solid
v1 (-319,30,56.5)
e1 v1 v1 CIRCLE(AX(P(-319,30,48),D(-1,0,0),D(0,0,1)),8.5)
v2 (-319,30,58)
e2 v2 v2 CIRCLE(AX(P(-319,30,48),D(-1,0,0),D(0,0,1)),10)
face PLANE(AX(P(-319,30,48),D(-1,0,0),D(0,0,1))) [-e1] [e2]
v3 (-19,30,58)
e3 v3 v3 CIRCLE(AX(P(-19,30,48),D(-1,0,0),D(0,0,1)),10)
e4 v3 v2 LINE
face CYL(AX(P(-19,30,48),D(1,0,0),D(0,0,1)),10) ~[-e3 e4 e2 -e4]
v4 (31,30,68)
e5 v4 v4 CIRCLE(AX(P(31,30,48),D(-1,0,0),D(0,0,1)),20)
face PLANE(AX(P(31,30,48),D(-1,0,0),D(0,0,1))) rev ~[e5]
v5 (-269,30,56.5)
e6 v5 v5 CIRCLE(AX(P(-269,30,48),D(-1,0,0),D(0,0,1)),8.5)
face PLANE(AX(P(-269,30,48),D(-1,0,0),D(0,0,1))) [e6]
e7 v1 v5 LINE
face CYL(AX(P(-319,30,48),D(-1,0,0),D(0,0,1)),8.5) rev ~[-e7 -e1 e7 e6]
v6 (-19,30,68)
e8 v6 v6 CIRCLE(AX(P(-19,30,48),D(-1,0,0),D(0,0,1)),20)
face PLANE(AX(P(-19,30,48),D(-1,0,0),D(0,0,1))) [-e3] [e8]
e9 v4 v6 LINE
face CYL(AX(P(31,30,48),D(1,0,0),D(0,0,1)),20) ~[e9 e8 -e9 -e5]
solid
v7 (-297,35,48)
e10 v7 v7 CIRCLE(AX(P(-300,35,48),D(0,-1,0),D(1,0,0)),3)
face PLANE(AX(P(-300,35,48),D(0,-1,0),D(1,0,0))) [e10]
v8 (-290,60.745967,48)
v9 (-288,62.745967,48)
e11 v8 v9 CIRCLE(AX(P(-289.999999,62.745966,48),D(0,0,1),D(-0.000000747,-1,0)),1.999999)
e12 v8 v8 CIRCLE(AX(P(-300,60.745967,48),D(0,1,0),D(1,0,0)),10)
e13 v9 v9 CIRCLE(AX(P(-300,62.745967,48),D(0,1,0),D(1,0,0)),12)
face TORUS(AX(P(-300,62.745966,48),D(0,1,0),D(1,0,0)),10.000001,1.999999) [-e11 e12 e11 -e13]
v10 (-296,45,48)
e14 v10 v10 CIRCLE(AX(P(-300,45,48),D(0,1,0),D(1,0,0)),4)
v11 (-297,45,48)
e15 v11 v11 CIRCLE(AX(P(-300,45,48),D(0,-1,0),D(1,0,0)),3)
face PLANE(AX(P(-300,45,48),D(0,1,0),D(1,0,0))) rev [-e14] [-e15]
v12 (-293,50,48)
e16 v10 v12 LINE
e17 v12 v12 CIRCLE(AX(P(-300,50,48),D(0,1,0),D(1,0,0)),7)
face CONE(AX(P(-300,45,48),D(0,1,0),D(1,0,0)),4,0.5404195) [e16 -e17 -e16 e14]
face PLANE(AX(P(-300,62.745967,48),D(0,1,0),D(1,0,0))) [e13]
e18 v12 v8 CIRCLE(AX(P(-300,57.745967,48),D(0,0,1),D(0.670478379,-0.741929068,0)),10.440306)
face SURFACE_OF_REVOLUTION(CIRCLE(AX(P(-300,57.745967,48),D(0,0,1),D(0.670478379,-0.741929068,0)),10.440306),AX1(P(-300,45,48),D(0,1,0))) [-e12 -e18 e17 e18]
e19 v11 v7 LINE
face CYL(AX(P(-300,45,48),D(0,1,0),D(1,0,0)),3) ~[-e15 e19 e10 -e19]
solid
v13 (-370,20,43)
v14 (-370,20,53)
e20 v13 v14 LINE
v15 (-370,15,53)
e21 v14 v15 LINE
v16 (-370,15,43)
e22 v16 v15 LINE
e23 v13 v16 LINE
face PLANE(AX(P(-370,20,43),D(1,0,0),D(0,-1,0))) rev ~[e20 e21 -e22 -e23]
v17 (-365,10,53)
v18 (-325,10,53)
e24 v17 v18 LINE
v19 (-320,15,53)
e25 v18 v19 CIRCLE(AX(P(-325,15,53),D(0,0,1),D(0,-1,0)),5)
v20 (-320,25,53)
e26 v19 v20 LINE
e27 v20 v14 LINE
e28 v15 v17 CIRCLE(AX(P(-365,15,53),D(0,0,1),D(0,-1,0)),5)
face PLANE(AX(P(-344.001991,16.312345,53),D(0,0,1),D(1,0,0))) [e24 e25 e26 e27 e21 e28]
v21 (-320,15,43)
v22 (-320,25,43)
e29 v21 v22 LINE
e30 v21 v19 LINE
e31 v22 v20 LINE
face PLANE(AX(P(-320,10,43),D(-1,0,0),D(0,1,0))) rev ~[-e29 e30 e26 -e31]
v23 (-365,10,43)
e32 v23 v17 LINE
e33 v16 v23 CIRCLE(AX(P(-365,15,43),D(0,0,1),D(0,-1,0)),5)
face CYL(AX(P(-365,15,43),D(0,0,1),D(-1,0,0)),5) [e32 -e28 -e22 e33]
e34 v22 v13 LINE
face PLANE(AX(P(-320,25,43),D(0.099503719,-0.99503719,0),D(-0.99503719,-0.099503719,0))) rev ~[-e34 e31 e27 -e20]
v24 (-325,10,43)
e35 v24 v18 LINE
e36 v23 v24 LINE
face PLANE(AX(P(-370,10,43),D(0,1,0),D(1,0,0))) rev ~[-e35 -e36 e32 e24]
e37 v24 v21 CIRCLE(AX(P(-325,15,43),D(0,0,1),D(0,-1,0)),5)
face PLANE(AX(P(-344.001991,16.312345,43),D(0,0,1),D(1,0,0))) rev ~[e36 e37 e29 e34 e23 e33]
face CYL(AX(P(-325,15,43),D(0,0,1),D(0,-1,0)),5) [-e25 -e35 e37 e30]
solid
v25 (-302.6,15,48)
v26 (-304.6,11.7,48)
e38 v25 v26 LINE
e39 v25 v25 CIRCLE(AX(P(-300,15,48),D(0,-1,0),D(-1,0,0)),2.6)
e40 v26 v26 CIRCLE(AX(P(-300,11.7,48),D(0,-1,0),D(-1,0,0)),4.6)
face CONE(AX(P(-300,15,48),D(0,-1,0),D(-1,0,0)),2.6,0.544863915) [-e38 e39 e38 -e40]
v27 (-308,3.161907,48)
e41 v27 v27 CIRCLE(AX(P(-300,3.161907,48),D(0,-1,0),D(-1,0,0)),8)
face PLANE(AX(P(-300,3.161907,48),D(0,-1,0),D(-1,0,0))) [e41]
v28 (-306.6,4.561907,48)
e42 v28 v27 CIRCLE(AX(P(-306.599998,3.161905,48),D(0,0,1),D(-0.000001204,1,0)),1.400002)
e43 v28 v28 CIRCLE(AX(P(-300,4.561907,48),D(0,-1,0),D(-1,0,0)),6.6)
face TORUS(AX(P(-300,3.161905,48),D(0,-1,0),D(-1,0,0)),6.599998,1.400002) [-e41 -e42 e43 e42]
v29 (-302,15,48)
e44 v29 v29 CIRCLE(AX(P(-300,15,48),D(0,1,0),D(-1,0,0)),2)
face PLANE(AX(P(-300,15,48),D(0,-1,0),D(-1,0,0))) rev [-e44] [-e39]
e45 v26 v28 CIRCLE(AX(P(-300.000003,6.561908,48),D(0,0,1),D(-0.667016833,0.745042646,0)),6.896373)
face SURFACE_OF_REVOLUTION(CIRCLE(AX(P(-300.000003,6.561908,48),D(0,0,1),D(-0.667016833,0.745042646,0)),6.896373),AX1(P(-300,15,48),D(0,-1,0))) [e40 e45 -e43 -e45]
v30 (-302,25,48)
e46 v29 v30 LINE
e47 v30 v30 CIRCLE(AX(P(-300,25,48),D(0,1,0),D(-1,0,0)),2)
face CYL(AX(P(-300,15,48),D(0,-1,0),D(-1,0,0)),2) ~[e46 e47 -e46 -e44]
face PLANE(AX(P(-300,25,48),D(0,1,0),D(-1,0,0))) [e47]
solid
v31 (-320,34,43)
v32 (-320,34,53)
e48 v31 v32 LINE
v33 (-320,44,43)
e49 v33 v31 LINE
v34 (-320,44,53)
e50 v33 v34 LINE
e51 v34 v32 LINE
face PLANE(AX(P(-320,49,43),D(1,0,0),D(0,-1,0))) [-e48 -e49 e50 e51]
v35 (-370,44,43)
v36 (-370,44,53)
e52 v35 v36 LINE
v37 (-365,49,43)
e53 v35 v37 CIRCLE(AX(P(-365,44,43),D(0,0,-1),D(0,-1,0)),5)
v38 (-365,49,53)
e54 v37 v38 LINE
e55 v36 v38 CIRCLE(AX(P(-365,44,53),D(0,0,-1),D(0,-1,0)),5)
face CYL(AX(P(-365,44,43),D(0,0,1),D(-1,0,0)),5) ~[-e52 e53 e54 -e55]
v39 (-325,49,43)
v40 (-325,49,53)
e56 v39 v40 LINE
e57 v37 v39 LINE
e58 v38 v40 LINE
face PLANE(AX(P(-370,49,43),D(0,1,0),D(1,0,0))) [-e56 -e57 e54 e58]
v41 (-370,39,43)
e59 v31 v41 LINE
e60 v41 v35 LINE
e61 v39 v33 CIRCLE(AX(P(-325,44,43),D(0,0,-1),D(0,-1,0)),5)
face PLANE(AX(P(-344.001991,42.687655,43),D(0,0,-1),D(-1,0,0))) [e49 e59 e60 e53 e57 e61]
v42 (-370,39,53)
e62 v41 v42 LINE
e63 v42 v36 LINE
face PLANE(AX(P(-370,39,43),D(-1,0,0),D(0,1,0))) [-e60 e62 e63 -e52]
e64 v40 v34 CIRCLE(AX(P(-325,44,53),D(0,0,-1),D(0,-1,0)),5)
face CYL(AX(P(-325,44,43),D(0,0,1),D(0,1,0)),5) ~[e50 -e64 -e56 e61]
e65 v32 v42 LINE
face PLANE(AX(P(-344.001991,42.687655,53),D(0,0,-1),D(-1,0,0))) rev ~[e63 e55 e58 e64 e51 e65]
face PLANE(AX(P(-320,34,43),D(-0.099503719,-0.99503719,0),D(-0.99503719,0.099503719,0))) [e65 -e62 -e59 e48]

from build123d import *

# Parameters (mm, degrees)
SKETCH004_R  = 3
PAD002_DEPTH = 10
SKETCH006_R  = 2
PAD003_DEPTH = 10
PAD004_DEPTH = 10
FILLET_R     = 5
FILLET001_R  = 5
PAD005_DEPTH = 10
FILLET002_R  = 5
FILLET003_R  = 5
SKETCH002_R  = 20
PAD_DEPTH    = 50
SKETCH_R     = 10
PAD001_DEPTH = 300
SKETCH009_R  = 8.5
POCKET_DEPTH = 50


with BuildPart() as ventosa_grande:
    # Sketch003 → Revolution (revolve)
    with BuildSketch(Plane(origin=(-300, 45, 48), x_dir=(1, 0, 0), z_dir=(0, 0, 1))):
        with BuildLine():
            Line((0, 0), (4, 0))
            Line((4, 0), (7, 5))
            ThreePointArc((7, 5), (10.055792, 9.938646), (10, 15.745967))
            ThreePointArc((10, 15.745967), (11.414214, 16.331753), (12, 17.745967))
            Line((12, 17.745967), (0, 17.745967))
            Line((0, 17.745967), (0, 0))
        make_face()
    revolve(axis=Axis((-300, 45, 48), (0, 1, 0)))

    # Sketch004 → Pad002 (new body)
    with BuildSketch(Plane(origin=(-300, 45, 48), x_dir=(1, 0, 0), z_dir=(0, -1, 0))):
        Circle(SKETCH004_R)
    extrude(amount=PAD002_DEPTH)


with BuildPart() as ventosa_piccola:
    # Sketch005 → Revolution001 (revolve)
    with BuildSketch(Plane(origin=(-300, 15, 48), x_dir=(-1, 0, 0), z_dir=(0, 0, 1))):
        with BuildLine():
            Line((0, 0), (2.6, 0))
            Line((2.6, 0), (4.6, 3.3))
            ThreePointArc((4.6, 3.3), (6.64064, 6.577473), (6.6, 10.438093))
            ThreePointArc((6.6, 10.438093), (7.589949, 10.848144), (8, 11.838093))
            Line((8, 11.838093), (0, 11.838093))
            Line((0, 11.838093), (0, 0))
        make_face()
    revolve(axis=Axis((-300, 15, 48), (0, -1, 0)))

    # Sketch006 → Pad003 (new body)
    with BuildSketch(Plane(origin=(-300, 15, 48), x_dir=(-1, 0, 0), z_dir=(0, 1, 0))):
        Circle(SKETCH006_R)
    extrude(amount=PAD003_DEPTH)


with BuildPart() as fillet001:
    # Sketch007 → Pad004 (new body)
    with BuildSketch(Plane(origin=(-320, 10, 43), x_dir=(1, 0, 0), z_dir=(0, 0, 1))):
        Polygon((-50, 10), (-50, 0), (0, 0), (0, 15), align=None)
    extrude(amount=PAD004_DEPTH)

    # Fillet
    fillet_edges = [fillet001.edges().sort_by_distance(p)[0] for p in [
        (-370, 10, 48),
    ]]
    fillet(fillet_edges, radius=FILLET_R)

    # Fillet001
    fillet001_edges = [fillet001.edges().sort_by_distance(p)[0] for p in [
        (-320, 10, 48),
    ]]
    fillet(fillet001_edges, radius=FILLET001_R)


with BuildPart() as fillet003:
    # Sketch008 → Pad005 (new body)
    with BuildSketch(Plane(origin=(-320, 49, 43), x_dir=(1, 0, 0), z_dir=(0, 0, 1))):
        Polygon((-50, -10), (-50, 0), (0, 0), (0, -15), align=None)
    extrude(amount=PAD005_DEPTH)

    # Fillet002
    fillet002_edges = [fillet003.edges().sort_by_distance(p)[0] for p in [
        (-370, 49, 48),
    ]]
    fillet(fillet002_edges, radius=FILLET002_R)

    # Fillet003
    fillet003_edges = [fillet003.edges().sort_by_distance(p)[0] for p in [
        (-320, 49, 48),
    ]]
    fillet(fillet003_edges, radius=FILLET003_R)


with BuildPart() as pocket:
    # Sketch002 → Pad (new body)
    with BuildSketch(Plane(origin=(31, 30, 48), x_dir=(0, 0, 1), z_dir=(-1, 0, 0))):
        Circle(SKETCH002_R)
    extrude(amount=PAD_DEPTH)

    # Sketch → Pad001 (new body)
    with BuildSketch(Plane(origin=(-19, 30, 48), x_dir=(0, 0, 1), z_dir=(-1, 0, 0))):
        Circle(SKETCH_R)
    extrude(amount=PAD001_DEPTH)

    # Sketch009 → Pocket (cut)
    with BuildSketch(Plane(origin=(-319, 30, 48), x_dir=(0, 0, 1), z_dir=(-1, 0, 0))):
        Circle(SKETCH009_R)
    extrude(amount=-POCKET_DEPTH, mode=Mode.SUBTRACT)


solid = Compound([ventosa_grande.part, ventosa_piccola.part, fillet001.part, fillet003.part, pocket.part])
